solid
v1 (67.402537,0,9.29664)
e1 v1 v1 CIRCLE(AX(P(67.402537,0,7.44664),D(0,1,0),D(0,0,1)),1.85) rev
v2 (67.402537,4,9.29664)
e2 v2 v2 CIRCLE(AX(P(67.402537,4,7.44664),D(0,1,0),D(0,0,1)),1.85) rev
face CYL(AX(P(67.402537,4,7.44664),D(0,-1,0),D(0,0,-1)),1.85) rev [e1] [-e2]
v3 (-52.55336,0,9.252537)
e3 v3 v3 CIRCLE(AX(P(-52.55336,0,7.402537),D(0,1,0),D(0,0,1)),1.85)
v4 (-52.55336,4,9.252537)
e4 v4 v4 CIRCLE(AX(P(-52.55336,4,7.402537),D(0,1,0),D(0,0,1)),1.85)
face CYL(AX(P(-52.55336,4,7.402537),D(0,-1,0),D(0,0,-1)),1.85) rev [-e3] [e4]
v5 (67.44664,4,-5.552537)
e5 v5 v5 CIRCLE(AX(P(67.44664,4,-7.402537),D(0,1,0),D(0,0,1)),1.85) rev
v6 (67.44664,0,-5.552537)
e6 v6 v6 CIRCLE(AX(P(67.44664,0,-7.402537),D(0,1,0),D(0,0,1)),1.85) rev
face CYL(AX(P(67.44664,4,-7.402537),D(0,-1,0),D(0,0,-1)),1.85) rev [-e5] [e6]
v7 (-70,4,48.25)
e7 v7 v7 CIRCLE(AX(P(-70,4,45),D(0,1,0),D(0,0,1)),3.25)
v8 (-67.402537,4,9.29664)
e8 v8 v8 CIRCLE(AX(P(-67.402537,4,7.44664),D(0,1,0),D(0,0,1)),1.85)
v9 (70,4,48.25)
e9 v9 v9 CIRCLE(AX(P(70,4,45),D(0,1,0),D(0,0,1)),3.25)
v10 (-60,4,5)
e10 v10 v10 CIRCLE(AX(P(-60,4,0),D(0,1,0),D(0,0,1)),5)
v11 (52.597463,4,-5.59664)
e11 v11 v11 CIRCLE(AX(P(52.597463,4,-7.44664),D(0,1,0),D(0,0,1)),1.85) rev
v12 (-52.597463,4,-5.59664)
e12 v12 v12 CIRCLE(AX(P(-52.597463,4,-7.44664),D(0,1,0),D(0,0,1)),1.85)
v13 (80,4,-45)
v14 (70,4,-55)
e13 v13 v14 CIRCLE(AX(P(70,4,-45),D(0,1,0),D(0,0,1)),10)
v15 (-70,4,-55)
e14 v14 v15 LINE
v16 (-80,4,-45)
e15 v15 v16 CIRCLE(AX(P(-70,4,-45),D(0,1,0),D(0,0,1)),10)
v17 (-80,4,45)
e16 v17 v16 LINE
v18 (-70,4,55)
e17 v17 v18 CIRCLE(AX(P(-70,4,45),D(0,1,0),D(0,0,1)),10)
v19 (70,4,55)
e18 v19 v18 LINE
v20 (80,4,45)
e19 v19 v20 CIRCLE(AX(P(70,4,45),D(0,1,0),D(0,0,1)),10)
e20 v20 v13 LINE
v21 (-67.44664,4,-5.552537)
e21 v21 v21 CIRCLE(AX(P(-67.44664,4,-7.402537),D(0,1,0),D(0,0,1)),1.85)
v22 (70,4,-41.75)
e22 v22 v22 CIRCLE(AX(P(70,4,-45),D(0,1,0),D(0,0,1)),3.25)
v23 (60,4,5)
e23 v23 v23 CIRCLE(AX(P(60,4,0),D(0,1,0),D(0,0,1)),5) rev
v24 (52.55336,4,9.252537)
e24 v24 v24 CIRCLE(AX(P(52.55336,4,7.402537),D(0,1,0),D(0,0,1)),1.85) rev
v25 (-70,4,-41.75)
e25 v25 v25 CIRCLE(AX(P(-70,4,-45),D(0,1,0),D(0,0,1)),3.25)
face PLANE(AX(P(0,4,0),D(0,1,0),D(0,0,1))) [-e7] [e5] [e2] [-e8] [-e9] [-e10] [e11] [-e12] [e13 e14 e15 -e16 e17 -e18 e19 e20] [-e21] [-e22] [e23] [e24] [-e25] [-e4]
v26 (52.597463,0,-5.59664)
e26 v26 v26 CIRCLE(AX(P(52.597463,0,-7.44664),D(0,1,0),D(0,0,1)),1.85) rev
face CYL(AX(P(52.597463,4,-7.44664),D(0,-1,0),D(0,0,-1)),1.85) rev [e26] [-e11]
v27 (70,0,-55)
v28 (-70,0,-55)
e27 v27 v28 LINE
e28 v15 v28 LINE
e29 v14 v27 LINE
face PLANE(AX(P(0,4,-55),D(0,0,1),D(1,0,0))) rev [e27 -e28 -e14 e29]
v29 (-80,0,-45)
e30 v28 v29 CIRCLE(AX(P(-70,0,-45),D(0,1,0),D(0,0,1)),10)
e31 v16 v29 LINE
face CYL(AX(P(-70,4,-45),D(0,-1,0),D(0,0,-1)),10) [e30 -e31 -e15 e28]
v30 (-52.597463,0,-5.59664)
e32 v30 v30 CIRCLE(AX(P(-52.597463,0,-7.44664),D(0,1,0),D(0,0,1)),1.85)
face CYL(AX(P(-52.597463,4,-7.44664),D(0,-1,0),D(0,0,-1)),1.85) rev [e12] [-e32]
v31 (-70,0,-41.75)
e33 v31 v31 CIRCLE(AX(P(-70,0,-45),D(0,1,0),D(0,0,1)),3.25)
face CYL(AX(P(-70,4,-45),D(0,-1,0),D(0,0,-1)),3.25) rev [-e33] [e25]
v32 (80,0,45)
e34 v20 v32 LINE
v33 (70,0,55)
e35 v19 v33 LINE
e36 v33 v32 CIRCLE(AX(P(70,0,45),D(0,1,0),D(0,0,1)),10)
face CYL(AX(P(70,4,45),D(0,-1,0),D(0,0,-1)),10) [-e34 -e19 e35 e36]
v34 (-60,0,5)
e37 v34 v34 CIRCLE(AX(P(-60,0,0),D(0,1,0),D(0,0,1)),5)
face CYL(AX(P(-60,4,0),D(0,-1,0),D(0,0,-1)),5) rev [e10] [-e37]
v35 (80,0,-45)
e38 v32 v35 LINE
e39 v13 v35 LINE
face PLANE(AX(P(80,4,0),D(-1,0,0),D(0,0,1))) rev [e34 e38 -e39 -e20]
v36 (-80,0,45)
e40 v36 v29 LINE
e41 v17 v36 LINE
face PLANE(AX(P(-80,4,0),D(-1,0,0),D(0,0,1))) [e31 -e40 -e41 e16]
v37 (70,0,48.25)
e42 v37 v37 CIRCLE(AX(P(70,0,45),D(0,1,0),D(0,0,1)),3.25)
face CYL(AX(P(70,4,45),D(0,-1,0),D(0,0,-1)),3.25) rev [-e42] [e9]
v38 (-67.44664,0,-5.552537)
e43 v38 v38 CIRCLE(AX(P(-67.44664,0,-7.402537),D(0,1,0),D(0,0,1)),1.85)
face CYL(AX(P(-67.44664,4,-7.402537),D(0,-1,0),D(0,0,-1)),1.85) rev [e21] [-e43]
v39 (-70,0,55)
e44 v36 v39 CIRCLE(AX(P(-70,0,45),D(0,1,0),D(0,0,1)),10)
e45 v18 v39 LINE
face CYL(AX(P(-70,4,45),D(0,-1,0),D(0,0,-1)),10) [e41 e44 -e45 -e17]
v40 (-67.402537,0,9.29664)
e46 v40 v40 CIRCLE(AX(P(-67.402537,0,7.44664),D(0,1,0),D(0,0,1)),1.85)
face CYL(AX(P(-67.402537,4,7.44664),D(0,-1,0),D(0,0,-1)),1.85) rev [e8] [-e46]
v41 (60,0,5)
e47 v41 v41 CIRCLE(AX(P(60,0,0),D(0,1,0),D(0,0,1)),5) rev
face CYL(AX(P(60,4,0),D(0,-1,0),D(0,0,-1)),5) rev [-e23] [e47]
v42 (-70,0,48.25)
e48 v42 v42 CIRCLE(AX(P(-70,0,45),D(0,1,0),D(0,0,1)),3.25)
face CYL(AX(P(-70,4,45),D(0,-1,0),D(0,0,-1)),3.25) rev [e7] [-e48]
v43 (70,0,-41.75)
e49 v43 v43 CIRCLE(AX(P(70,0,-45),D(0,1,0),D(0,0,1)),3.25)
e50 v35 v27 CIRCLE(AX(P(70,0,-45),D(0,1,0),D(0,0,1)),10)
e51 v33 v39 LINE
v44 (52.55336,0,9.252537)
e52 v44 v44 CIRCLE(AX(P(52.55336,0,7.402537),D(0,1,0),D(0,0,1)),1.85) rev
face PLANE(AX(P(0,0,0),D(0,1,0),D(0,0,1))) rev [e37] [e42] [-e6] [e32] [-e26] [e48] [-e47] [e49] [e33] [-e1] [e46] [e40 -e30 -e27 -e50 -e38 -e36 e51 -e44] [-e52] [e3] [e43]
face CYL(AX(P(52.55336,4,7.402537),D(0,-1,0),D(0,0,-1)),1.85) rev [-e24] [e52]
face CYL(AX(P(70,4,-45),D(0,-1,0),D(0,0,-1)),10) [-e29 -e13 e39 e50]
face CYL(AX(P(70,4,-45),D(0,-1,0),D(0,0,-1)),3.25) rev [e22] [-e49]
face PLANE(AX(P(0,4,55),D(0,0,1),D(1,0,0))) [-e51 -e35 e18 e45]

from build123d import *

# Parameters (mm, degrees)
SKETCH_1_R      = 5
SKETCH_1_R_2    = 1.85
SKETCH_1_R_3    = 3.25
EXTRUDE_1_DEPTH = 4


with BuildPart() as part:
    # Эскиз1 → Бобышка-Вытянуть1 (new body)
    with BuildSketch(Plane(origin=(0, 0, 0), x_dir=(1, 0, 0), z_dir=(0, 1, 0))):
        with BuildLine():
            Line((70, -55), (-70, -55))
            ThreePointArc((-70, -55), (-77.071067812, -52.071067812), (-80, -45))
            Line((-80, -45), (-80, 45))
            ThreePointArc((-80, 45), (-77.071067812, 52.071067812), (-70, 55))
            Line((-70, 55), (70, 55))
            ThreePointArc((70, 55), (77.071067812, 52.071067812), (80, 45))
            Line((80, 45), (80, -45))
            ThreePointArc((80, -45), (77.071067812, -52.071067812), (70, -55))
        make_face()
        with Locations((-60, 0)):
            Circle(SKETCH_1_R, mode=Mode.SUBTRACT)
        with Locations((-67.446640333, 7.402536575)):
            Circle(SKETCH_1_R_2, mode=Mode.SUBTRACT)
        with Locations((-52.597463425, 7.446640333)):
            Circle(SKETCH_1_R_2, mode=Mode.SUBTRACT)
        with Locations((-52.553359667, -7.402536575)):
            Circle(SKETCH_1_R_2, mode=Mode.SUBTRACT)
        with Locations((-67.402536575, -7.446640333)):
            Circle(SKETCH_1_R_2, mode=Mode.SUBTRACT)
        with Locations((52.597463425, 7.446640333)):
            Circle(SKETCH_1_R_2, mode=Mode.SUBTRACT)
        with Locations((52.553359667, -7.402536575)):
            Circle(SKETCH_1_R_2, mode=Mode.SUBTRACT)
        with Locations((67.402536575, -7.446640333)):
            Circle(SKETCH_1_R_2, mode=Mode.SUBTRACT)
        with Locations((60, 0)):
            Circle(SKETCH_1_R, mode=Mode.SUBTRACT)
        with Locations((67.446640333, 7.402536575)):
            Circle(SKETCH_1_R_2, mode=Mode.SUBTRACT)
        with Locations((-70, 45)):
            Circle(SKETCH_1_R_3, mode=Mode.SUBTRACT)
        with Locations((-70, -45)):
            Circle(SKETCH_1_R_3, mode=Mode.SUBTRACT)
        with Locations((70, -45)):
            Circle(SKETCH_1_R_3, mode=Mode.SUBTRACT)
        with Locations((70, 45)):
            Circle(SKETCH_1_R_3, mode=Mode.SUBTRACT)
    extrude(amount=EXTRUDE_1_DEPTH)


solid = part.part
